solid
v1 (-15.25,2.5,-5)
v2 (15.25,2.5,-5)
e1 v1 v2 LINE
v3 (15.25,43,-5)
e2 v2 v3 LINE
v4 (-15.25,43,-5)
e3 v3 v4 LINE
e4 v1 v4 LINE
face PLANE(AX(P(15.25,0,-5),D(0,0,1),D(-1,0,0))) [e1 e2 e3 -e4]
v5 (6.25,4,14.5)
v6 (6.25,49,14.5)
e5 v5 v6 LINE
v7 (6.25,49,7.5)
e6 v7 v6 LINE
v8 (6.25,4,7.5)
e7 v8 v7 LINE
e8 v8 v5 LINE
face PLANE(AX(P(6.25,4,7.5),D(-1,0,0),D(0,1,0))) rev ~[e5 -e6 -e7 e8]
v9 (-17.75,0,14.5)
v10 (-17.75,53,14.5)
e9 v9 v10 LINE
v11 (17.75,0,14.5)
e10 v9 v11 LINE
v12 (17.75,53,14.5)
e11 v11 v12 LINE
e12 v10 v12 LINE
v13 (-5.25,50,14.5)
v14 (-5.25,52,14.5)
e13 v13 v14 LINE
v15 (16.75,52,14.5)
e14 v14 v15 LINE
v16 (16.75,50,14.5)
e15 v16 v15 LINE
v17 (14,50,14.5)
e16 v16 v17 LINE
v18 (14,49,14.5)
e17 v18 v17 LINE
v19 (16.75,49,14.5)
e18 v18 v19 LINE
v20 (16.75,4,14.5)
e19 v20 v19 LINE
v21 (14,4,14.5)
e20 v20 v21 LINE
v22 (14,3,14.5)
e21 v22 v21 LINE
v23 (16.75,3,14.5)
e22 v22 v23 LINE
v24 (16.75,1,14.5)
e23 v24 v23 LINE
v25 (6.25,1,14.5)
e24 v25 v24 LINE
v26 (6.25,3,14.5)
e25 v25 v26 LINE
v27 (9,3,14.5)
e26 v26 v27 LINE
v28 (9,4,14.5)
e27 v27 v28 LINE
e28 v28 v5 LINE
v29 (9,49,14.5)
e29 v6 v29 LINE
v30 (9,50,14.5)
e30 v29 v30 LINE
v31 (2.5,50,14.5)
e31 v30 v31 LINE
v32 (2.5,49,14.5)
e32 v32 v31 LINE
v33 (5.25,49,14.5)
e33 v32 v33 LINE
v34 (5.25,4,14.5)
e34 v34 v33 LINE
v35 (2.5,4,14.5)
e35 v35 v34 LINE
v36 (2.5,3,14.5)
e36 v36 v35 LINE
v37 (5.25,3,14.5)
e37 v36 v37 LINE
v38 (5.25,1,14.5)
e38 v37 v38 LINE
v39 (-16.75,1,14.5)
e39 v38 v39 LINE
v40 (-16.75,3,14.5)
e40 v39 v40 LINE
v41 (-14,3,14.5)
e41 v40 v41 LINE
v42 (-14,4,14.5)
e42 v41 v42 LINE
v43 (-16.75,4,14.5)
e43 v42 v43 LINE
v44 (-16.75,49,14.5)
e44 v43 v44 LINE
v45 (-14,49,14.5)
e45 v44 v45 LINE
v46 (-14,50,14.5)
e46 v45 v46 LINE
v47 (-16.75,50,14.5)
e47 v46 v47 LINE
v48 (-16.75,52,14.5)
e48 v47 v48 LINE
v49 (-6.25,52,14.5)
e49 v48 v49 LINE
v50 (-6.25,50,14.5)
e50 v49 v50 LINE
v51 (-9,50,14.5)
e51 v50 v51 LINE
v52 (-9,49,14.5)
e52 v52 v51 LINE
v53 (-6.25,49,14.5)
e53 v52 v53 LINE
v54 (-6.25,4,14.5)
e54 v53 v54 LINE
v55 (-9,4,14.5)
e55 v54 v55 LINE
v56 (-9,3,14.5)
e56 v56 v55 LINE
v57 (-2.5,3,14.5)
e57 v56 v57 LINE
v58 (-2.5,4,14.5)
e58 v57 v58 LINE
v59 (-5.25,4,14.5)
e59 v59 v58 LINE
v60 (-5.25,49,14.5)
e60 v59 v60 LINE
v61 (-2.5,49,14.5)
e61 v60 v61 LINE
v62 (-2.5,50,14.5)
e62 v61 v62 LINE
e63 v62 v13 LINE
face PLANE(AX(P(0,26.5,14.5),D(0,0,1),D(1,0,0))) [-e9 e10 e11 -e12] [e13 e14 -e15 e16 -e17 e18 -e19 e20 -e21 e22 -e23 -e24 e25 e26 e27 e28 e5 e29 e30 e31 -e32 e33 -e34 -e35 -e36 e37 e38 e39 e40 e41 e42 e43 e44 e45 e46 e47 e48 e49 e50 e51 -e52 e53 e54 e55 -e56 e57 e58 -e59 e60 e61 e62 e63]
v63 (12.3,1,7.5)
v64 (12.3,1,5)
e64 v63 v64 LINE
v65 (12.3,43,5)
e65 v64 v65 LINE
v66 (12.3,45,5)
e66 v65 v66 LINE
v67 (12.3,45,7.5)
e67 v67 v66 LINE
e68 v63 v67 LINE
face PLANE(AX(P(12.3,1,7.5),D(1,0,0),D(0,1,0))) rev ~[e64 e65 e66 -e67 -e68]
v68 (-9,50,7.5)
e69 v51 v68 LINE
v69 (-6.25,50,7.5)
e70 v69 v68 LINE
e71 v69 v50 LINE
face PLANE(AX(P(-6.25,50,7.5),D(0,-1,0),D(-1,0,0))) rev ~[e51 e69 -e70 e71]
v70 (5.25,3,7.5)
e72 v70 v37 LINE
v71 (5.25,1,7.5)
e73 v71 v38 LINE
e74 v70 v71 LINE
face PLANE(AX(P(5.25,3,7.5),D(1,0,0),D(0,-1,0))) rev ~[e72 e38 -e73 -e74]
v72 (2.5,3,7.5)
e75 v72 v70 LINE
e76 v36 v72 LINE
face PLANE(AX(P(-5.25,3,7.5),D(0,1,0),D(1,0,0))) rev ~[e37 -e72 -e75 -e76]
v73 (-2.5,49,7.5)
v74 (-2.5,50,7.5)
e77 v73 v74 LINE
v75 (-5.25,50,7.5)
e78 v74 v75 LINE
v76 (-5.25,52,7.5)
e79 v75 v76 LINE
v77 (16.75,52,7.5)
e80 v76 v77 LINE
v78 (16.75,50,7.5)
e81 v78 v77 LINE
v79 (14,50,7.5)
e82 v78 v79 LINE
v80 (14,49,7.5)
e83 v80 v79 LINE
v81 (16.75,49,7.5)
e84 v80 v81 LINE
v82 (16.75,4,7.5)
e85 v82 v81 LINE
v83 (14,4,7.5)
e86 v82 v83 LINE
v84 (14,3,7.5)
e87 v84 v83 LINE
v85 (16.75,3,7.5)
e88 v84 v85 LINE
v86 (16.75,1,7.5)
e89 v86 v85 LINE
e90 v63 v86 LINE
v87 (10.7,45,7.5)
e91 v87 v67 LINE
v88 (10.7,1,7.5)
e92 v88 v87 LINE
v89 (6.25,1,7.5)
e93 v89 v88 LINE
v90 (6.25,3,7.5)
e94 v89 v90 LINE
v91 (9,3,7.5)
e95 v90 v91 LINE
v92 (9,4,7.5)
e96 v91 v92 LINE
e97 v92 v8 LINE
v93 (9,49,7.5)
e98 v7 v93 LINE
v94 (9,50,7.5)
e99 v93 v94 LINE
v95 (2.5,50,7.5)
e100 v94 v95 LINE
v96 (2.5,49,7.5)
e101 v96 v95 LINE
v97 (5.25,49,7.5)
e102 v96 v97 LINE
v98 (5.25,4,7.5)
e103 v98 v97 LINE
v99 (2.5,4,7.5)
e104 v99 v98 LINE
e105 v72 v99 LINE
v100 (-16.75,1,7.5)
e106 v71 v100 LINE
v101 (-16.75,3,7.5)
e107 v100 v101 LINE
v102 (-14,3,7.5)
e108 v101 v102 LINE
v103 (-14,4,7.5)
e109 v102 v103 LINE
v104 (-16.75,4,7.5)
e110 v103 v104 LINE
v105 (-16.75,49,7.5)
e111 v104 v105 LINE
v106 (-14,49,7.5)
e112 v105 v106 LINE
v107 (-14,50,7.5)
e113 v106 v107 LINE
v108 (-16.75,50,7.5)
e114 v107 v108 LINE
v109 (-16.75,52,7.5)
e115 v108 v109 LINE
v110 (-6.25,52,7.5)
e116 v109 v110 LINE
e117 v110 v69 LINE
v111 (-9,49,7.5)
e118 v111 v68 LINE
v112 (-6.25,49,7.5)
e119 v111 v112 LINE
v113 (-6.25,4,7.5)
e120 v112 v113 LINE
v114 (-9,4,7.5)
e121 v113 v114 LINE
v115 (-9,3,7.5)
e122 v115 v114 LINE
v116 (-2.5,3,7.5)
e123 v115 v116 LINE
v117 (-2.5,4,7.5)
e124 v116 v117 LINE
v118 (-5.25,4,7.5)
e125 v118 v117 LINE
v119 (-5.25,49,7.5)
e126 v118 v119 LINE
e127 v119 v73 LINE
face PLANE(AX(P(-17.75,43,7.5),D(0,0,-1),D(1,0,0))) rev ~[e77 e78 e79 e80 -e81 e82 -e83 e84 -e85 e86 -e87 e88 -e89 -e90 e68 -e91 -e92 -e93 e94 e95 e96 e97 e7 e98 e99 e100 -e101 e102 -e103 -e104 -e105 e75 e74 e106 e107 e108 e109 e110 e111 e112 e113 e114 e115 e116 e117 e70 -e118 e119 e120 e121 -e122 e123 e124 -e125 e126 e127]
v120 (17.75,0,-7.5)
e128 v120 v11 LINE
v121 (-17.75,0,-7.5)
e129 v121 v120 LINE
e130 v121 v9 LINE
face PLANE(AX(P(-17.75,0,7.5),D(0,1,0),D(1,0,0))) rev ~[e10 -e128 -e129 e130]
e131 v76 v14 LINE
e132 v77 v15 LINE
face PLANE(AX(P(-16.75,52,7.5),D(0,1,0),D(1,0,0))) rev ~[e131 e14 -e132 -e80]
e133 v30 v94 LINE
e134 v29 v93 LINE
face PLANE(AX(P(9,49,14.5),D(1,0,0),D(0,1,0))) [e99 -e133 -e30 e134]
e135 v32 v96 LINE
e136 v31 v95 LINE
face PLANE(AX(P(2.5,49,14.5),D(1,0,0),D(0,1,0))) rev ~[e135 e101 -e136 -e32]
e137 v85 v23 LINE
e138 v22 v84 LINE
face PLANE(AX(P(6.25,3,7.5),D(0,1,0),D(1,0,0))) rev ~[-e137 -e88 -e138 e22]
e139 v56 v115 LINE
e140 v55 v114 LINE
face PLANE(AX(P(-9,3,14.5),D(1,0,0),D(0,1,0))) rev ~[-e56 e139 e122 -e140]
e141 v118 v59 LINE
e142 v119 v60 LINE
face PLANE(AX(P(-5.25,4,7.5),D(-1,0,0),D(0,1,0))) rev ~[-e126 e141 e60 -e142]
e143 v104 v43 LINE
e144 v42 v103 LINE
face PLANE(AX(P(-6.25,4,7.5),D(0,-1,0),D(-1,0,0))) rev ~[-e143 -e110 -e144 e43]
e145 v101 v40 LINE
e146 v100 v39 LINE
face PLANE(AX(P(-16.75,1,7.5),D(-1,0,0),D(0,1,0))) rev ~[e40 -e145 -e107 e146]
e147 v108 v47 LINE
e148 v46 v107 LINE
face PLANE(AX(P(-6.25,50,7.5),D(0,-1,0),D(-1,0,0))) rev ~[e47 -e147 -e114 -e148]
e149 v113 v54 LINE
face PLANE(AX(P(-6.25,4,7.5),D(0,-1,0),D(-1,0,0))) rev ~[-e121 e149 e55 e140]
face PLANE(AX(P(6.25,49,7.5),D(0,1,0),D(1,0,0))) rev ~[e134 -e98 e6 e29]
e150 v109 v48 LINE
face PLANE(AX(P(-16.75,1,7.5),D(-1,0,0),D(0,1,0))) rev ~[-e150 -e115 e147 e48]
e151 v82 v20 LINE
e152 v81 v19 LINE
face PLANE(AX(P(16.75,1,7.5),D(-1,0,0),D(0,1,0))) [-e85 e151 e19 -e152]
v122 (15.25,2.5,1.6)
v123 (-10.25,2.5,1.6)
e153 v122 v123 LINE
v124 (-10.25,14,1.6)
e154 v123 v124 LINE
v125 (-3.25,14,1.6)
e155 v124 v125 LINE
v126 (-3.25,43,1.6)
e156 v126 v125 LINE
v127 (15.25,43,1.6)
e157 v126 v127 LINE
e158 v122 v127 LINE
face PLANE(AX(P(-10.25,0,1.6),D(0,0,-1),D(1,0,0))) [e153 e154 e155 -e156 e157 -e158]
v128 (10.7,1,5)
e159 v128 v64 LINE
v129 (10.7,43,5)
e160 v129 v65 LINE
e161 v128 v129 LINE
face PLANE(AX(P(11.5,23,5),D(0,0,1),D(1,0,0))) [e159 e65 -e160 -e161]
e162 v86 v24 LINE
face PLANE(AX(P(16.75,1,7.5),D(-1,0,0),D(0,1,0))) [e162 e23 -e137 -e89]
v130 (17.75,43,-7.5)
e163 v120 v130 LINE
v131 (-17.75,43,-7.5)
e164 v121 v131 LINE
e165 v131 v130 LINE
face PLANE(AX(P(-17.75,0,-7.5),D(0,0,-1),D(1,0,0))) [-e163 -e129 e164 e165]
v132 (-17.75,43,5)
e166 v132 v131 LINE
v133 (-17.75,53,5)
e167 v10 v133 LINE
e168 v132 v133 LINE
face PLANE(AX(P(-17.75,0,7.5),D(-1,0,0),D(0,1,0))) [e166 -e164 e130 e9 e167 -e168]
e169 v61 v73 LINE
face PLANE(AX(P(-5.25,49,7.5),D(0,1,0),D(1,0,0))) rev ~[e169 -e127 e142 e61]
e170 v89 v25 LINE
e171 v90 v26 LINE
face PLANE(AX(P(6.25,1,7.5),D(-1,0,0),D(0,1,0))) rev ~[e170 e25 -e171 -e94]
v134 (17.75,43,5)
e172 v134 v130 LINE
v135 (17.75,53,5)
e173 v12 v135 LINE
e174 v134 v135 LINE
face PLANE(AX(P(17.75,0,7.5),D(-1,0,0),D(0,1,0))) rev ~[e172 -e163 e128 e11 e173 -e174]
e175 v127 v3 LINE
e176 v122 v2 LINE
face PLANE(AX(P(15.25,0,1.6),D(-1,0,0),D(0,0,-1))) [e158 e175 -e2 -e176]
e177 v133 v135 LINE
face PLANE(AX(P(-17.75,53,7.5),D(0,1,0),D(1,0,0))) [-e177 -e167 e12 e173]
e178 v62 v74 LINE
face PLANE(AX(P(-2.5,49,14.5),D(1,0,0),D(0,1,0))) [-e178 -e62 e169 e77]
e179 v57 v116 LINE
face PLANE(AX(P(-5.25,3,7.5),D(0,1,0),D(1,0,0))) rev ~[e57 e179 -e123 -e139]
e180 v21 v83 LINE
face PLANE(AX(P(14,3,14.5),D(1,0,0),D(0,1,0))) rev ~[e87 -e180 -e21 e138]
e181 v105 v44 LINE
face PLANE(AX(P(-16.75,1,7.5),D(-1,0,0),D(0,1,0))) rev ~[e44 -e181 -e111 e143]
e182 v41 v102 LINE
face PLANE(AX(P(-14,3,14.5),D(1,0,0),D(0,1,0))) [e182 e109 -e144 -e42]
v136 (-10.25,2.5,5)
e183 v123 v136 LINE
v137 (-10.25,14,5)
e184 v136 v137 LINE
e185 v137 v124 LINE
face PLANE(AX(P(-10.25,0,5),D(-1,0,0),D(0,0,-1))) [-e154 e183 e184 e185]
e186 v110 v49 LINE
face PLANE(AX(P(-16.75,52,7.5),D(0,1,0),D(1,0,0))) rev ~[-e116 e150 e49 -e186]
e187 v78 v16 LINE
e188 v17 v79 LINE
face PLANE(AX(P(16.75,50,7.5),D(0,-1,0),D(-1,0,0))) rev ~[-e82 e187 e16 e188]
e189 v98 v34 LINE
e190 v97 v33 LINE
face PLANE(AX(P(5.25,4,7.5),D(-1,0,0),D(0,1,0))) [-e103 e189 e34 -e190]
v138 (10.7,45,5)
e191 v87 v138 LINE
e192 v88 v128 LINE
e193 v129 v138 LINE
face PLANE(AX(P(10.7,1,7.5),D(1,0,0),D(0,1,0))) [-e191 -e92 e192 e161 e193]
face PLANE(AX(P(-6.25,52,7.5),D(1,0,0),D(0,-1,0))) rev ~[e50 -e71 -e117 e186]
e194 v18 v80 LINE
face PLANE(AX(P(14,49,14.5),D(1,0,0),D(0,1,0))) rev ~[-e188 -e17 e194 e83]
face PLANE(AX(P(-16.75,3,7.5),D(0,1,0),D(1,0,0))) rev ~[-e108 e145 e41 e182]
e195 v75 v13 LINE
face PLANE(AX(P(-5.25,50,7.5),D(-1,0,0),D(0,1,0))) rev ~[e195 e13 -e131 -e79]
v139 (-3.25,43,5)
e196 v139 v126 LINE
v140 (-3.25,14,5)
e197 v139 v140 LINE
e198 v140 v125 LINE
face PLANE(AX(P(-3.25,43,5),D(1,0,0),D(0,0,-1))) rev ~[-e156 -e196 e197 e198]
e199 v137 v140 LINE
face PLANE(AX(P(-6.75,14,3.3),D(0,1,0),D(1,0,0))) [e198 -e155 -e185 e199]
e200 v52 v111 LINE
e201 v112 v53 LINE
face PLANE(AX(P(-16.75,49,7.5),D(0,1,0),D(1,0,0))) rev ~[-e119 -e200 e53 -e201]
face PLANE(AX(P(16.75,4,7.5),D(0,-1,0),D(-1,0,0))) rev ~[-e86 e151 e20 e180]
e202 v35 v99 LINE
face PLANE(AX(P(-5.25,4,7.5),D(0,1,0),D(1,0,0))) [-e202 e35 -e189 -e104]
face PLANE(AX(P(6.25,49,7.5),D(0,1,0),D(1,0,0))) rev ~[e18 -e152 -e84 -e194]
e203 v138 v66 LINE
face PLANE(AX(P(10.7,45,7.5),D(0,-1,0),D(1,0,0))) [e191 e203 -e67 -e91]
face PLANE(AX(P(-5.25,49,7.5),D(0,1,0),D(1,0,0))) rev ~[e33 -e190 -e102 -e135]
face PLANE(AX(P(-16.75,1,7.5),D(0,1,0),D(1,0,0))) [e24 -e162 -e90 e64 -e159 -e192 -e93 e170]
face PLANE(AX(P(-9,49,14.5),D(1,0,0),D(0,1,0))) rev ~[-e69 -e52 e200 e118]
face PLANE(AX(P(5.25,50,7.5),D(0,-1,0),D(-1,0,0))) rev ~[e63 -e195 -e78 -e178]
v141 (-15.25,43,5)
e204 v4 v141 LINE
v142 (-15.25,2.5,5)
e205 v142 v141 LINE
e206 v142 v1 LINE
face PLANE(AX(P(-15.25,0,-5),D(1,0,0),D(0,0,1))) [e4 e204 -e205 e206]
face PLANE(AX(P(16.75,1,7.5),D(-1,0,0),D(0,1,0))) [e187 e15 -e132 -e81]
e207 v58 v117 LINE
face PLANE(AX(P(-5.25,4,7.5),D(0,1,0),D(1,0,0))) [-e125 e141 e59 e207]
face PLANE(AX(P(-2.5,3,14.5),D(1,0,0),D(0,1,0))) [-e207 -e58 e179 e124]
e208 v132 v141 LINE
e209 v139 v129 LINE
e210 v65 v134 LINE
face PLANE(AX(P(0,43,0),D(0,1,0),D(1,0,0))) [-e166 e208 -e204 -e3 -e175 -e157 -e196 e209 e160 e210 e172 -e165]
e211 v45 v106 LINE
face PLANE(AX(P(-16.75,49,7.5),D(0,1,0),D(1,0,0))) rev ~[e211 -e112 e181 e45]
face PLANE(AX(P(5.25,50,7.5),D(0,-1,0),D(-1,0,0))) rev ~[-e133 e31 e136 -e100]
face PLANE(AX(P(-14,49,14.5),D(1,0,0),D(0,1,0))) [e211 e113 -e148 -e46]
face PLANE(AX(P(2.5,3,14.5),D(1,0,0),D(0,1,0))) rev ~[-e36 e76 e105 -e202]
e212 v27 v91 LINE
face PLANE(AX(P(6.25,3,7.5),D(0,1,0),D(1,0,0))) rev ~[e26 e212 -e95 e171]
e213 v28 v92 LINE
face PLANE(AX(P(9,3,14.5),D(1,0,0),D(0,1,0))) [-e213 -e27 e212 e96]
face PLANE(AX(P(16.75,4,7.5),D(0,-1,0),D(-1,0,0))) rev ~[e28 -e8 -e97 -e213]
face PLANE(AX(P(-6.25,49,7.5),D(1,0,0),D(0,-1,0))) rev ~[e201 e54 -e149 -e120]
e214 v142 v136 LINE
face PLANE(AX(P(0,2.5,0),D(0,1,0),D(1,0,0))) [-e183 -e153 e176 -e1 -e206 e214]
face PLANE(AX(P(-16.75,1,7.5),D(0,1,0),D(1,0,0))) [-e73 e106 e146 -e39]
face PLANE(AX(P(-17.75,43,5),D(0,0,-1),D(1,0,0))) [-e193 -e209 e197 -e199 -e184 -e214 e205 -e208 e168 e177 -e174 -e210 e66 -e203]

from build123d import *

# Parameters (mm, degrees)
SKETCH1_W           = 30.5
SKETCH1_H           = 10
BOSS_EXTRUDE1_DEPTH = 2.5
SKETCH2_W           = 35.5
SKETCH2_H           = 15
BOSS_EXTRUDE3_DEPTH = 43
SKETCH3_W           = 7
SKETCH3_H           = 3.4
CUT_EXTRUDE1_DEPTH  = 29
SKETCH4_W           = 35.5
SKETCH4_H           = 2.5
BOSS_EXTRUDE4_DEPTH = 10
SKETCH5_W           = 35.5
SKETCH5_H           = 53
SKETCH5_W_2         = 33.5
SKETCH5_H_2         = 51
BOSS_EXTRUDE5_DEPTH = 7
SKETCH6_W           = 10.5
SKETCH6_H           = 45
BOSS_EXTRUDE6_DEPTH = 7
SKETCH7_W           = 5
SKETCH7_H           = 1
SKETCH7_W_2         = 1
SKETCH7_H_2         = 2
CUT_EXTRUDE2_DEPTH  = 7
SKETCH8_W           = 1.6
SKETCH8_H           = 44
CUT_EXTRUDE3_DEPTH  = 2.5


with BuildPart() as part:
    # Sketch1 → Boss-Extrude1 (new body)
    with BuildSketch(Plane(origin=(0, 0, 0), x_dir=(1, 0, 0), z_dir=(0, 1, 0))):
        Rectangle(SKETCH1_W, SKETCH1_H)
    extrude(amount=BOSS_EXTRUDE1_DEPTH)

    # Sketch2 → Boss-Extrude3 (add)
    with BuildSketch(Plane(origin=(0, 0, 0), x_dir=(1, 0, 0), z_dir=(0, 1, 0))):
        Rectangle(SKETCH2_W, SKETCH2_H)
        Polygon((-15.25, 5), (-15.25, -5), (-10.25, -5), (-10.25, -1.6), (15.25, -1.6), (15.25, 5), align=None, mode=Mode.SUBTRACT)
    extrude(amount=BOSS_EXTRUDE3_DEPTH)

    # Sketch3 → Cut-Extrude1 (cut)
    with BuildSketch(Plane(origin=(0, 43, 0), x_dir=(1, 0, 0), z_dir=(0, 1, 0))):
        with Locations((-6.75, -3.3)):
            Rectangle(SKETCH3_W, SKETCH3_H)
    extrude(amount=-CUT_EXTRUDE1_DEPTH, mode=Mode.SUBTRACT)

    # Sketch4 → Boss-Extrude4 (add)
    with BuildSketch(Plane(origin=(0, 43, 0), x_dir=(1, 0, 0), z_dir=(0, 1, 0))):
        with Locations((0, -6.25)):
            Rectangle(SKETCH4_W, SKETCH4_H)
    extrude(amount=BOSS_EXTRUDE4_DEPTH)

    # Sketch5 → Boss-Extrude5 (add)
    with BuildSketch(Plane.XY.offset(7.5)):
        with Locations((0, 26.5)):
            Rectangle(SKETCH5_W, SKETCH5_H)
        with Locations((0, 26.5)):
            Rectangle(SKETCH5_W_2, SKETCH5_H_2, mode=Mode.SUBTRACT)
    extrude(amount=BOSS_EXTRUDE5_DEPTH)

    # Sketch6 → Boss-Extrude6 (add)
    with BuildSketch(Plane.XY.offset(7.5)):
        Polygon((-6.25, 52), (-6.25, 50), (-16.75, 50), (-16.75, 49), (-6.25, 49), (-6.25, 4), (-16.75, 4), (-16.75, 3), (-6.25, 3), (-6.25, 1), (-5.25, 1), (-5.25, 3), (5.25, 3), (5.25, 1), (6.25, 1), (6.25, 3), (16.75, 3), (16.75, 4), (6.25, 4), (6.25, 49), (16.75, 49), (16.75, 50), (6.25, 50), (6.25, 52), (5.25, 52), (5.25, 50), (-5.25, 50), (-5.25, 52), align=None)
        with Locations((0, 26.5)):
            Rectangle(SKETCH6_W, SKETCH6_H, mode=Mode.SUBTRACT)
    extrude(amount=BOSS_EXTRUDE6_DEPTH)

    # Sketch7 → Cut-Extrude2 (cut)
    with BuildSketch(Plane.XY.offset(14.5)):
        with Locations((0, 49.5)):
            Rectangle(SKETCH7_W, SKETCH7_H)
        with Locations((-11.5, 49.5)):
            Rectangle(SKETCH7_W, SKETCH7_H)
        with Locations((11.5, 49.5)):
            Rectangle(SKETCH7_W, SKETCH7_H)
        with Locations((11.5, 3.5)):
            Rectangle(SKETCH7_W, SKETCH7_H)
        with Locations((5.75, 51)):
            Rectangle(SKETCH7_W_2, SKETCH7_H_2)
        with Locations((0, 3.5)):
            Rectangle(SKETCH7_W, SKETCH7_H)
        with Locations((-11.5, 3.5)):
            Rectangle(SKETCH7_W, SKETCH7_H)
        with Locations((-5.75, 2)):
            Rectangle(SKETCH7_W_2, SKETCH7_H_2)
    extrude(amount=-CUT_EXTRUDE2_DEPTH, mode=Mode.SUBTRACT)

    # Sketch8 → Cut-Extrude3 (cut)
    with BuildSketch(Plane.XY.offset(7.5)):
        with Locations((11.5, 23)):
            Rectangle(SKETCH8_W, SKETCH8_H)
    extrude(amount=-CUT_EXTRUDE3_DEPTH, mode=Mode.SUBTRACT)


solid = part.part
